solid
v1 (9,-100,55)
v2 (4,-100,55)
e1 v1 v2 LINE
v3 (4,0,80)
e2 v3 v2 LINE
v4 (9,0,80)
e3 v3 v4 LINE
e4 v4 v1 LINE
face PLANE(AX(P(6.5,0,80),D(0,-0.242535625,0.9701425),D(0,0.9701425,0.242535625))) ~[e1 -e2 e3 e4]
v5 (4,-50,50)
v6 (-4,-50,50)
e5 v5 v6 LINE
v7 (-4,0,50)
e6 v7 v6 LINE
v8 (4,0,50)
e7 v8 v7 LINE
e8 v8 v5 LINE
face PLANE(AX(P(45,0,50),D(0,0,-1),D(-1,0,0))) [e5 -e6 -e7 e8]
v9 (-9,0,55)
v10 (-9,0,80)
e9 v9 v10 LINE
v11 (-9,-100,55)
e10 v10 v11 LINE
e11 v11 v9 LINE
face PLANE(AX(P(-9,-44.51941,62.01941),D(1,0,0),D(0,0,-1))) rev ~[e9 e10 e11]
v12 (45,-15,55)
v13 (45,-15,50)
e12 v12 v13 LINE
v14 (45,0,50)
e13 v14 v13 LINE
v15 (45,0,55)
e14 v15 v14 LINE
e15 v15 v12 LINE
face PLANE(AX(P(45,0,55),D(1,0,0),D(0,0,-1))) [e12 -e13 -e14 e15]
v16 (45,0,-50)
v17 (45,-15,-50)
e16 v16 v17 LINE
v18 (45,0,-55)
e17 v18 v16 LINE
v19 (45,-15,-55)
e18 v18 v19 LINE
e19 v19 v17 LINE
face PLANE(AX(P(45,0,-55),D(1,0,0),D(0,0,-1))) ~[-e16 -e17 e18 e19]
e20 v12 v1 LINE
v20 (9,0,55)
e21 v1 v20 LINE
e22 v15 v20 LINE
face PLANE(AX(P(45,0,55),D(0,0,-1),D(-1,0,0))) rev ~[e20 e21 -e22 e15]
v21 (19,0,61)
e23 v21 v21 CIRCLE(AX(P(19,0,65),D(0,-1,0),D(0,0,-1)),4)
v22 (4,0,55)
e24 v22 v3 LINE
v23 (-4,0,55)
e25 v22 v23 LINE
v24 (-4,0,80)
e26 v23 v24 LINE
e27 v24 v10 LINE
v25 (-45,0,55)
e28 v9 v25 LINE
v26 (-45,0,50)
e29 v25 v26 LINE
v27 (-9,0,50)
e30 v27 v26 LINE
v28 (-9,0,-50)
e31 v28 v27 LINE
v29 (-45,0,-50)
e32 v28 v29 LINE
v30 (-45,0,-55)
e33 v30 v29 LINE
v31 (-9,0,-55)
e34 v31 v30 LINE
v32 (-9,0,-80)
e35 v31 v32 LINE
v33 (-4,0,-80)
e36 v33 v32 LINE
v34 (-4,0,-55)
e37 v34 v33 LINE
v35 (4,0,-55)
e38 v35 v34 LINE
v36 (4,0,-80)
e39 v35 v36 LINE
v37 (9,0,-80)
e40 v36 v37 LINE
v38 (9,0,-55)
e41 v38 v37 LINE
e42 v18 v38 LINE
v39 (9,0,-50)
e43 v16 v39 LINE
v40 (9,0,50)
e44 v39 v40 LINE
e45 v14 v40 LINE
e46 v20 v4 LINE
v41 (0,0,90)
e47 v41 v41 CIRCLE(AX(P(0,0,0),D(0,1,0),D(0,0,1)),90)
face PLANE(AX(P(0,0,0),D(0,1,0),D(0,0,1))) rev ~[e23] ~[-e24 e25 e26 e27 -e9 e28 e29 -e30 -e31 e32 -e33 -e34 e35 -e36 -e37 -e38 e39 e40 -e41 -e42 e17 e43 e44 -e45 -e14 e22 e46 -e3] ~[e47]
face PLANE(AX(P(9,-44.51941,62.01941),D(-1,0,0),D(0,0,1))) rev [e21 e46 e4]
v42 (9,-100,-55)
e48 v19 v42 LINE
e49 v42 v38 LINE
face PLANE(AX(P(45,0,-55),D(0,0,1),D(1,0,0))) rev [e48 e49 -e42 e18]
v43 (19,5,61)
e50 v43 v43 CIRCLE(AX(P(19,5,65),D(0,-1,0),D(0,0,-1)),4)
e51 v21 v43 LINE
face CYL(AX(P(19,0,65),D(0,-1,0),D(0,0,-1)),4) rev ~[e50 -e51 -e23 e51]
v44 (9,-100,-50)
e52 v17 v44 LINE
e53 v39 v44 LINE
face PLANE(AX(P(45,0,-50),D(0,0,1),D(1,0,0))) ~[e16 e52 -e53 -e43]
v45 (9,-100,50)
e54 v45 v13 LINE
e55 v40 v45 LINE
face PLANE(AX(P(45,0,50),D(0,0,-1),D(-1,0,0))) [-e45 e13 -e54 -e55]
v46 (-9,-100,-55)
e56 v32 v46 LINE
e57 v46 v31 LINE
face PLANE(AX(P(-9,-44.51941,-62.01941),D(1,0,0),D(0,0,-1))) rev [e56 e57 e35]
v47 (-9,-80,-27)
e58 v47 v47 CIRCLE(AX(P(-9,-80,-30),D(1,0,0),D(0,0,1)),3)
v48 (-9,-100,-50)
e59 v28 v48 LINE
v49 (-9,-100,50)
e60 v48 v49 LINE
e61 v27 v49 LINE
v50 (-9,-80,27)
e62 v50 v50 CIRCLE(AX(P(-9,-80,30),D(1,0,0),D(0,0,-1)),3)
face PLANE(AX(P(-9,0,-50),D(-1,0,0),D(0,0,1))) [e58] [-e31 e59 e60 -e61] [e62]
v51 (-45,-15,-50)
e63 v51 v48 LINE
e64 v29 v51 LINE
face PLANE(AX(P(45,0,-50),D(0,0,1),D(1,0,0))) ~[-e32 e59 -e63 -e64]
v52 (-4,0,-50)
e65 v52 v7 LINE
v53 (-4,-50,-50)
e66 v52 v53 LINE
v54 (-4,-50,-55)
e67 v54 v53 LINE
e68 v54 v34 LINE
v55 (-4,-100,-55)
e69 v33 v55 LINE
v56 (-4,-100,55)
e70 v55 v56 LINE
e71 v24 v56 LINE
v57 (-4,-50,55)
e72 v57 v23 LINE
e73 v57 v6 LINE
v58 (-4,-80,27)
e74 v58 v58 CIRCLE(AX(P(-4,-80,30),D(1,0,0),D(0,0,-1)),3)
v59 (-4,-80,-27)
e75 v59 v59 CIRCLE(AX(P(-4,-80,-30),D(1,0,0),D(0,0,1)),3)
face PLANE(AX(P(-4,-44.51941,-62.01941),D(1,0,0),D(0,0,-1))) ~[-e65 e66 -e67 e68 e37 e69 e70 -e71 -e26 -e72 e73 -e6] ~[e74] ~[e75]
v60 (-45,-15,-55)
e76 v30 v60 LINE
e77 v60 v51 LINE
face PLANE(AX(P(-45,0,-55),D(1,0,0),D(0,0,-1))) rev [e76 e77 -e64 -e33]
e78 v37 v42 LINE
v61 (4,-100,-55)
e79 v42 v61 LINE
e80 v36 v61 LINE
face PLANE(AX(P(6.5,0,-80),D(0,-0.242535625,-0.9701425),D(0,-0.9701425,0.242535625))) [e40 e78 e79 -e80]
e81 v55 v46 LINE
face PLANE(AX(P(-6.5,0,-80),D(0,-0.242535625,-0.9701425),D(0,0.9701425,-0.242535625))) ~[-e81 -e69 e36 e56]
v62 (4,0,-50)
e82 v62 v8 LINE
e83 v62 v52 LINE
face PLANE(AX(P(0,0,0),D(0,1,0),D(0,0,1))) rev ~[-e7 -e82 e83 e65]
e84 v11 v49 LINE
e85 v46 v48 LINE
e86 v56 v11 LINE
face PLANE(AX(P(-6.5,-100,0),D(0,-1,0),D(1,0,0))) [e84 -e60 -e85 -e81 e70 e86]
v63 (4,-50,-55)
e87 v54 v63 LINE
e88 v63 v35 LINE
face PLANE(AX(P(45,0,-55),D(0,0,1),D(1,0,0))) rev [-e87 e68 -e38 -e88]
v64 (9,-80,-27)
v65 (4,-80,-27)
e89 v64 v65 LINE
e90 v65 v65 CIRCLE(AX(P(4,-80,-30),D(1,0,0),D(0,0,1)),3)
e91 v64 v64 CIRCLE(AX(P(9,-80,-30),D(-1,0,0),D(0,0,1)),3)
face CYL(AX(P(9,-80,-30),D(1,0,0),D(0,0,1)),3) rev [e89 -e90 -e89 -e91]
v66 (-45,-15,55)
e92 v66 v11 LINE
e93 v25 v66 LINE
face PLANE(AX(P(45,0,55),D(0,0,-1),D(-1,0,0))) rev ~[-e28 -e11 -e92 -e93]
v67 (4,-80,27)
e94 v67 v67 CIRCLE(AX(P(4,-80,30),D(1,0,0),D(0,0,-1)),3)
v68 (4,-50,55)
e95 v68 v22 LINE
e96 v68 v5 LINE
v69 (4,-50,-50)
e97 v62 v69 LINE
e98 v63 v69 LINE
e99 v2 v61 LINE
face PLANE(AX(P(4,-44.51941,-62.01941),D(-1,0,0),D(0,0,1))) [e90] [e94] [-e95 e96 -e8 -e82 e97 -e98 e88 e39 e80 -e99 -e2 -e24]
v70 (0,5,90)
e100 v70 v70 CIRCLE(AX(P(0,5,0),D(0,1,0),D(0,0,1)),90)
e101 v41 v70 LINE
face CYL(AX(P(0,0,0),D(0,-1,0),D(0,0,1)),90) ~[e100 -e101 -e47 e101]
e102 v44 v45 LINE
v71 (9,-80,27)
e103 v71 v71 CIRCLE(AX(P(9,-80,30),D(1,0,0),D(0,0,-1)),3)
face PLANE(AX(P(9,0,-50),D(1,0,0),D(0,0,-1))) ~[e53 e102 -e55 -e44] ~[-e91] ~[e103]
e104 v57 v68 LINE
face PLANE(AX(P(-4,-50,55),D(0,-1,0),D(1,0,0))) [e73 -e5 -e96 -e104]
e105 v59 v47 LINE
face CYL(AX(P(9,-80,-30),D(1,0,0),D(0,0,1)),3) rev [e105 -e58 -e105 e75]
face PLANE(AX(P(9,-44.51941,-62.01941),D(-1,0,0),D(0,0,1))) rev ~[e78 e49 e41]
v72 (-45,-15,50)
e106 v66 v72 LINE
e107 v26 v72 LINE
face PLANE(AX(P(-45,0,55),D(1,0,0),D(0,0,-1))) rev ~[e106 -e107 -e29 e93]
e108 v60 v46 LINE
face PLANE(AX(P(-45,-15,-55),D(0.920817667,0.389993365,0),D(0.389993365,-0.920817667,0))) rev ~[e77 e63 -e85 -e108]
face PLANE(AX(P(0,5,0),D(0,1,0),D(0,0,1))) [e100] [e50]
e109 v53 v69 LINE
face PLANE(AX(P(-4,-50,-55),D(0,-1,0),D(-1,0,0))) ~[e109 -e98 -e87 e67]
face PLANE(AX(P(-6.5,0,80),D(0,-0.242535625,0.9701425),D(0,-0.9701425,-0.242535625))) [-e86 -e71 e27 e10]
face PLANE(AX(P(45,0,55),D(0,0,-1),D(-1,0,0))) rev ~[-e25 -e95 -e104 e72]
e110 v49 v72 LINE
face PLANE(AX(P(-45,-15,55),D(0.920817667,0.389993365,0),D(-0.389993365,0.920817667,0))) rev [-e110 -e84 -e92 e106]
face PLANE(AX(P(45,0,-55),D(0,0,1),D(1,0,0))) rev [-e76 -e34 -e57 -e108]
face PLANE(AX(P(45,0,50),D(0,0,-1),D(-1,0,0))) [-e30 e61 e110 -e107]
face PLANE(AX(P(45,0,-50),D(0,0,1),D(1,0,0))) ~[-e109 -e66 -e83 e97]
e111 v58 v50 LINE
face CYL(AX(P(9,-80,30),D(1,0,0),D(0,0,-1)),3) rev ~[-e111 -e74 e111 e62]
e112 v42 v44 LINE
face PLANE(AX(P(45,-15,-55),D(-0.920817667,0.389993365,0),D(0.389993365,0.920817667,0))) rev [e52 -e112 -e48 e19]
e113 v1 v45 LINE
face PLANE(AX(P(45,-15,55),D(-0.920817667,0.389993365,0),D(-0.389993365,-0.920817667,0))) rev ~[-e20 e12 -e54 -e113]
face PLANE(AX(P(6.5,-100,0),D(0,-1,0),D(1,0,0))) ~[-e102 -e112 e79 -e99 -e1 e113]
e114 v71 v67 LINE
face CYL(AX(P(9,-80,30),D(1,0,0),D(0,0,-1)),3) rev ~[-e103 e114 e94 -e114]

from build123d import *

# Parameters (mm, degrees)
SKETCH1_R            = 90
BOSS_EXTRUDE1_DEPTH  = 5
SKETCH2_W            = 90
SKETCH2_H            = 5
BOSS_EXTRUDE2_DEPTH  = 100
CUT_EXTRUDE1_DEPTH   = 100
SKETCH4_W            = 8
SKETCH4_H            = 50
CUT_EXTRUDE2_DEPTH   = 198.800404449
MIRROR2_COPY_1_DEPTH = 100
SKETCH5_W            = 5
SKETCH5_H            = 100
BOSS_EXTRUDE3_DEPTH  = 100
BOSS_EXTRUDE4_DEPTH  = 2.5
MIRROR5_COPY_1_DEPTH = 2.5
SKETCH7_R            = 3
CUT_EXTRUDE3_DEPTH   = 168.03592428
SKETCH8_R            = 4
CUT_EXTRUDE4_DEPTH   = 162.864140562


with BuildPart() as part:
    # Sketch1 → Boss-Extrude1 (new body)
    with BuildSketch(Plane(origin=(0, 0, 0), x_dir=(1, 0, 0), z_dir=(0, 1, 0))):
        with Locations(Location((0, 0, 0), (0, 0, 270))):
            Circle(SKETCH1_R)
    extrude(amount=BOSS_EXTRUDE1_DEPTH)

    # Sketch2 → Boss-Extrude2 (add)
    with BuildSketch(Plane(origin=(0, 0, 0), x_dir=(-1, 0, 0), z_dir=(0, -1, 0))):
        with Locations((0, -52.5)):
            Rectangle(SKETCH2_W, SKETCH2_H)
    boss_extrude2 = extrude(amount=BOSS_EXTRUDE2_DEPTH)

    # Sketch3 → Cut-Extrude1 (cut)
    with BuildSketch(Plane.XY.offset(55)):
        Polygon((45, -15), (9, -100), (45, -100), align=None)
    cut_extrude1 = extrude(amount=-CUT_EXTRUDE1_DEPTH, mode=Mode.SUBTRACT)

    # Mirror1: Cut-Extrude1 across plane
    add(cut_extrude1.mirror(Plane(origin=(0, 0, 0), x_dir=(0, 0, 1), z_dir=(1, 0, 0))), mode=Mode.SUBTRACT)

    # Sketch4 → Cut-Extrude2 (cut, through all)
    with BuildSketch(Plane.XY.offset(55)):
        with Locations((0, -75)):
            Rectangle(SKETCH4_W, SKETCH4_H)
    cut_extrude2 = extrude(amount=-CUT_EXTRUDE2_DEPTH, mode=Mode.SUBTRACT)

    # Mirror2: Boss-Extrude2, Cut-Extrude1, Cut-Extrude2 across plane
    add(boss_extrude2.mirror(Plane.XY))
    add(cut_extrude1.mirror(Plane.XY), mode=Mode.SUBTRACT)
    add(cut_extrude2.mirror(Plane.XY), mode=Mode.SUBTRACT)

    # Mirror2 copy 1 sketch → Mirror2 copy 1 (cut)
    with BuildSketch(Plane(origin=(0, 0, -55), x_dir=(-1, 0, 0), z_dir=(0, 0, -1))):
        Polygon((45, -15), (9, -100), (45, -100), align=None)
    extrude(amount=-MIRROR2_COPY_1_DEPTH, mode=Mode.SUBTRACT)

    # Sketch5 → Boss-Extrude3 (add)
    with BuildSketch(Plane.XZ):
        with Locations((-6.5, 0)):
            Rectangle(SKETCH5_W, SKETCH5_H)
    boss_extrude3 = extrude(amount=BOSS_EXTRUDE3_DEPTH)

    # Mirror3: Boss-Extrude3 across plane
    add(boss_extrude3.mirror(Plane(origin=(0, 0, 0), x_dir=(0, 0, 1), z_dir=(1, 0, 0))))

    # Sketch6 → Boss-Extrude4 (add, symmetric)
    with BuildSketch(Plane(origin=(-6.5, 0, 0), x_dir=(0, 0, -1), z_dir=(1, 0, 0))):
        Polygon((-55, -100), (-55, 0), (-80, 0), align=None)
    boss_extrude4 = extrude(amount=BOSS_EXTRUDE4_DEPTH, both=True)

    # Mirror4: Boss-Extrude4 across plane
    add(boss_extrude4.mirror(Plane(origin=(0, 0, 0), x_dir=(0, 0, 1), z_dir=(1, 0, 0))))

    # Mirror5: Boss-Extrude4 across plane
    add(boss_extrude4.mirror(Plane.XY))

    # Mirror5 copy 1 sketch → Mirror5 copy 1 (add, symmetric)
    with BuildSketch(Plane.ZY.offset(-6.5)):
        Polygon((-55, -100), (-55, 0), (-80, 0), align=None)
    extrude(amount=MIRROR5_COPY_1_DEPTH, both=True)

    # Sketch7 → Cut-Extrude3 (cut, through all)
    with BuildSketch(Plane(origin=(9, 0, 0), x_dir=(0, 0, -1), z_dir=(1, 0, 0))):
        with Locations((-30, -80)):
            Circle(SKETCH7_R)
    cut_extrude3 = extrude(amount=-CUT_EXTRUDE3_DEPTH, mode=Mode.SUBTRACT)

    # Mirror6: Cut-Extrude3 across plane
    add(cut_extrude3.mirror(Plane.XY), mode=Mode.SUBTRACT)

    # Sketch8 → Cut-Extrude4 (cut, through all)
    with BuildSketch(Plane.XZ):
        with Locations(Location((19, 65, 0), (0, 0, 270))):
            Circle(SKETCH8_R)
    extrude(amount=-CUT_EXTRUDE4_DEPTH, mode=Mode.SUBTRACT)


solid = part.part
